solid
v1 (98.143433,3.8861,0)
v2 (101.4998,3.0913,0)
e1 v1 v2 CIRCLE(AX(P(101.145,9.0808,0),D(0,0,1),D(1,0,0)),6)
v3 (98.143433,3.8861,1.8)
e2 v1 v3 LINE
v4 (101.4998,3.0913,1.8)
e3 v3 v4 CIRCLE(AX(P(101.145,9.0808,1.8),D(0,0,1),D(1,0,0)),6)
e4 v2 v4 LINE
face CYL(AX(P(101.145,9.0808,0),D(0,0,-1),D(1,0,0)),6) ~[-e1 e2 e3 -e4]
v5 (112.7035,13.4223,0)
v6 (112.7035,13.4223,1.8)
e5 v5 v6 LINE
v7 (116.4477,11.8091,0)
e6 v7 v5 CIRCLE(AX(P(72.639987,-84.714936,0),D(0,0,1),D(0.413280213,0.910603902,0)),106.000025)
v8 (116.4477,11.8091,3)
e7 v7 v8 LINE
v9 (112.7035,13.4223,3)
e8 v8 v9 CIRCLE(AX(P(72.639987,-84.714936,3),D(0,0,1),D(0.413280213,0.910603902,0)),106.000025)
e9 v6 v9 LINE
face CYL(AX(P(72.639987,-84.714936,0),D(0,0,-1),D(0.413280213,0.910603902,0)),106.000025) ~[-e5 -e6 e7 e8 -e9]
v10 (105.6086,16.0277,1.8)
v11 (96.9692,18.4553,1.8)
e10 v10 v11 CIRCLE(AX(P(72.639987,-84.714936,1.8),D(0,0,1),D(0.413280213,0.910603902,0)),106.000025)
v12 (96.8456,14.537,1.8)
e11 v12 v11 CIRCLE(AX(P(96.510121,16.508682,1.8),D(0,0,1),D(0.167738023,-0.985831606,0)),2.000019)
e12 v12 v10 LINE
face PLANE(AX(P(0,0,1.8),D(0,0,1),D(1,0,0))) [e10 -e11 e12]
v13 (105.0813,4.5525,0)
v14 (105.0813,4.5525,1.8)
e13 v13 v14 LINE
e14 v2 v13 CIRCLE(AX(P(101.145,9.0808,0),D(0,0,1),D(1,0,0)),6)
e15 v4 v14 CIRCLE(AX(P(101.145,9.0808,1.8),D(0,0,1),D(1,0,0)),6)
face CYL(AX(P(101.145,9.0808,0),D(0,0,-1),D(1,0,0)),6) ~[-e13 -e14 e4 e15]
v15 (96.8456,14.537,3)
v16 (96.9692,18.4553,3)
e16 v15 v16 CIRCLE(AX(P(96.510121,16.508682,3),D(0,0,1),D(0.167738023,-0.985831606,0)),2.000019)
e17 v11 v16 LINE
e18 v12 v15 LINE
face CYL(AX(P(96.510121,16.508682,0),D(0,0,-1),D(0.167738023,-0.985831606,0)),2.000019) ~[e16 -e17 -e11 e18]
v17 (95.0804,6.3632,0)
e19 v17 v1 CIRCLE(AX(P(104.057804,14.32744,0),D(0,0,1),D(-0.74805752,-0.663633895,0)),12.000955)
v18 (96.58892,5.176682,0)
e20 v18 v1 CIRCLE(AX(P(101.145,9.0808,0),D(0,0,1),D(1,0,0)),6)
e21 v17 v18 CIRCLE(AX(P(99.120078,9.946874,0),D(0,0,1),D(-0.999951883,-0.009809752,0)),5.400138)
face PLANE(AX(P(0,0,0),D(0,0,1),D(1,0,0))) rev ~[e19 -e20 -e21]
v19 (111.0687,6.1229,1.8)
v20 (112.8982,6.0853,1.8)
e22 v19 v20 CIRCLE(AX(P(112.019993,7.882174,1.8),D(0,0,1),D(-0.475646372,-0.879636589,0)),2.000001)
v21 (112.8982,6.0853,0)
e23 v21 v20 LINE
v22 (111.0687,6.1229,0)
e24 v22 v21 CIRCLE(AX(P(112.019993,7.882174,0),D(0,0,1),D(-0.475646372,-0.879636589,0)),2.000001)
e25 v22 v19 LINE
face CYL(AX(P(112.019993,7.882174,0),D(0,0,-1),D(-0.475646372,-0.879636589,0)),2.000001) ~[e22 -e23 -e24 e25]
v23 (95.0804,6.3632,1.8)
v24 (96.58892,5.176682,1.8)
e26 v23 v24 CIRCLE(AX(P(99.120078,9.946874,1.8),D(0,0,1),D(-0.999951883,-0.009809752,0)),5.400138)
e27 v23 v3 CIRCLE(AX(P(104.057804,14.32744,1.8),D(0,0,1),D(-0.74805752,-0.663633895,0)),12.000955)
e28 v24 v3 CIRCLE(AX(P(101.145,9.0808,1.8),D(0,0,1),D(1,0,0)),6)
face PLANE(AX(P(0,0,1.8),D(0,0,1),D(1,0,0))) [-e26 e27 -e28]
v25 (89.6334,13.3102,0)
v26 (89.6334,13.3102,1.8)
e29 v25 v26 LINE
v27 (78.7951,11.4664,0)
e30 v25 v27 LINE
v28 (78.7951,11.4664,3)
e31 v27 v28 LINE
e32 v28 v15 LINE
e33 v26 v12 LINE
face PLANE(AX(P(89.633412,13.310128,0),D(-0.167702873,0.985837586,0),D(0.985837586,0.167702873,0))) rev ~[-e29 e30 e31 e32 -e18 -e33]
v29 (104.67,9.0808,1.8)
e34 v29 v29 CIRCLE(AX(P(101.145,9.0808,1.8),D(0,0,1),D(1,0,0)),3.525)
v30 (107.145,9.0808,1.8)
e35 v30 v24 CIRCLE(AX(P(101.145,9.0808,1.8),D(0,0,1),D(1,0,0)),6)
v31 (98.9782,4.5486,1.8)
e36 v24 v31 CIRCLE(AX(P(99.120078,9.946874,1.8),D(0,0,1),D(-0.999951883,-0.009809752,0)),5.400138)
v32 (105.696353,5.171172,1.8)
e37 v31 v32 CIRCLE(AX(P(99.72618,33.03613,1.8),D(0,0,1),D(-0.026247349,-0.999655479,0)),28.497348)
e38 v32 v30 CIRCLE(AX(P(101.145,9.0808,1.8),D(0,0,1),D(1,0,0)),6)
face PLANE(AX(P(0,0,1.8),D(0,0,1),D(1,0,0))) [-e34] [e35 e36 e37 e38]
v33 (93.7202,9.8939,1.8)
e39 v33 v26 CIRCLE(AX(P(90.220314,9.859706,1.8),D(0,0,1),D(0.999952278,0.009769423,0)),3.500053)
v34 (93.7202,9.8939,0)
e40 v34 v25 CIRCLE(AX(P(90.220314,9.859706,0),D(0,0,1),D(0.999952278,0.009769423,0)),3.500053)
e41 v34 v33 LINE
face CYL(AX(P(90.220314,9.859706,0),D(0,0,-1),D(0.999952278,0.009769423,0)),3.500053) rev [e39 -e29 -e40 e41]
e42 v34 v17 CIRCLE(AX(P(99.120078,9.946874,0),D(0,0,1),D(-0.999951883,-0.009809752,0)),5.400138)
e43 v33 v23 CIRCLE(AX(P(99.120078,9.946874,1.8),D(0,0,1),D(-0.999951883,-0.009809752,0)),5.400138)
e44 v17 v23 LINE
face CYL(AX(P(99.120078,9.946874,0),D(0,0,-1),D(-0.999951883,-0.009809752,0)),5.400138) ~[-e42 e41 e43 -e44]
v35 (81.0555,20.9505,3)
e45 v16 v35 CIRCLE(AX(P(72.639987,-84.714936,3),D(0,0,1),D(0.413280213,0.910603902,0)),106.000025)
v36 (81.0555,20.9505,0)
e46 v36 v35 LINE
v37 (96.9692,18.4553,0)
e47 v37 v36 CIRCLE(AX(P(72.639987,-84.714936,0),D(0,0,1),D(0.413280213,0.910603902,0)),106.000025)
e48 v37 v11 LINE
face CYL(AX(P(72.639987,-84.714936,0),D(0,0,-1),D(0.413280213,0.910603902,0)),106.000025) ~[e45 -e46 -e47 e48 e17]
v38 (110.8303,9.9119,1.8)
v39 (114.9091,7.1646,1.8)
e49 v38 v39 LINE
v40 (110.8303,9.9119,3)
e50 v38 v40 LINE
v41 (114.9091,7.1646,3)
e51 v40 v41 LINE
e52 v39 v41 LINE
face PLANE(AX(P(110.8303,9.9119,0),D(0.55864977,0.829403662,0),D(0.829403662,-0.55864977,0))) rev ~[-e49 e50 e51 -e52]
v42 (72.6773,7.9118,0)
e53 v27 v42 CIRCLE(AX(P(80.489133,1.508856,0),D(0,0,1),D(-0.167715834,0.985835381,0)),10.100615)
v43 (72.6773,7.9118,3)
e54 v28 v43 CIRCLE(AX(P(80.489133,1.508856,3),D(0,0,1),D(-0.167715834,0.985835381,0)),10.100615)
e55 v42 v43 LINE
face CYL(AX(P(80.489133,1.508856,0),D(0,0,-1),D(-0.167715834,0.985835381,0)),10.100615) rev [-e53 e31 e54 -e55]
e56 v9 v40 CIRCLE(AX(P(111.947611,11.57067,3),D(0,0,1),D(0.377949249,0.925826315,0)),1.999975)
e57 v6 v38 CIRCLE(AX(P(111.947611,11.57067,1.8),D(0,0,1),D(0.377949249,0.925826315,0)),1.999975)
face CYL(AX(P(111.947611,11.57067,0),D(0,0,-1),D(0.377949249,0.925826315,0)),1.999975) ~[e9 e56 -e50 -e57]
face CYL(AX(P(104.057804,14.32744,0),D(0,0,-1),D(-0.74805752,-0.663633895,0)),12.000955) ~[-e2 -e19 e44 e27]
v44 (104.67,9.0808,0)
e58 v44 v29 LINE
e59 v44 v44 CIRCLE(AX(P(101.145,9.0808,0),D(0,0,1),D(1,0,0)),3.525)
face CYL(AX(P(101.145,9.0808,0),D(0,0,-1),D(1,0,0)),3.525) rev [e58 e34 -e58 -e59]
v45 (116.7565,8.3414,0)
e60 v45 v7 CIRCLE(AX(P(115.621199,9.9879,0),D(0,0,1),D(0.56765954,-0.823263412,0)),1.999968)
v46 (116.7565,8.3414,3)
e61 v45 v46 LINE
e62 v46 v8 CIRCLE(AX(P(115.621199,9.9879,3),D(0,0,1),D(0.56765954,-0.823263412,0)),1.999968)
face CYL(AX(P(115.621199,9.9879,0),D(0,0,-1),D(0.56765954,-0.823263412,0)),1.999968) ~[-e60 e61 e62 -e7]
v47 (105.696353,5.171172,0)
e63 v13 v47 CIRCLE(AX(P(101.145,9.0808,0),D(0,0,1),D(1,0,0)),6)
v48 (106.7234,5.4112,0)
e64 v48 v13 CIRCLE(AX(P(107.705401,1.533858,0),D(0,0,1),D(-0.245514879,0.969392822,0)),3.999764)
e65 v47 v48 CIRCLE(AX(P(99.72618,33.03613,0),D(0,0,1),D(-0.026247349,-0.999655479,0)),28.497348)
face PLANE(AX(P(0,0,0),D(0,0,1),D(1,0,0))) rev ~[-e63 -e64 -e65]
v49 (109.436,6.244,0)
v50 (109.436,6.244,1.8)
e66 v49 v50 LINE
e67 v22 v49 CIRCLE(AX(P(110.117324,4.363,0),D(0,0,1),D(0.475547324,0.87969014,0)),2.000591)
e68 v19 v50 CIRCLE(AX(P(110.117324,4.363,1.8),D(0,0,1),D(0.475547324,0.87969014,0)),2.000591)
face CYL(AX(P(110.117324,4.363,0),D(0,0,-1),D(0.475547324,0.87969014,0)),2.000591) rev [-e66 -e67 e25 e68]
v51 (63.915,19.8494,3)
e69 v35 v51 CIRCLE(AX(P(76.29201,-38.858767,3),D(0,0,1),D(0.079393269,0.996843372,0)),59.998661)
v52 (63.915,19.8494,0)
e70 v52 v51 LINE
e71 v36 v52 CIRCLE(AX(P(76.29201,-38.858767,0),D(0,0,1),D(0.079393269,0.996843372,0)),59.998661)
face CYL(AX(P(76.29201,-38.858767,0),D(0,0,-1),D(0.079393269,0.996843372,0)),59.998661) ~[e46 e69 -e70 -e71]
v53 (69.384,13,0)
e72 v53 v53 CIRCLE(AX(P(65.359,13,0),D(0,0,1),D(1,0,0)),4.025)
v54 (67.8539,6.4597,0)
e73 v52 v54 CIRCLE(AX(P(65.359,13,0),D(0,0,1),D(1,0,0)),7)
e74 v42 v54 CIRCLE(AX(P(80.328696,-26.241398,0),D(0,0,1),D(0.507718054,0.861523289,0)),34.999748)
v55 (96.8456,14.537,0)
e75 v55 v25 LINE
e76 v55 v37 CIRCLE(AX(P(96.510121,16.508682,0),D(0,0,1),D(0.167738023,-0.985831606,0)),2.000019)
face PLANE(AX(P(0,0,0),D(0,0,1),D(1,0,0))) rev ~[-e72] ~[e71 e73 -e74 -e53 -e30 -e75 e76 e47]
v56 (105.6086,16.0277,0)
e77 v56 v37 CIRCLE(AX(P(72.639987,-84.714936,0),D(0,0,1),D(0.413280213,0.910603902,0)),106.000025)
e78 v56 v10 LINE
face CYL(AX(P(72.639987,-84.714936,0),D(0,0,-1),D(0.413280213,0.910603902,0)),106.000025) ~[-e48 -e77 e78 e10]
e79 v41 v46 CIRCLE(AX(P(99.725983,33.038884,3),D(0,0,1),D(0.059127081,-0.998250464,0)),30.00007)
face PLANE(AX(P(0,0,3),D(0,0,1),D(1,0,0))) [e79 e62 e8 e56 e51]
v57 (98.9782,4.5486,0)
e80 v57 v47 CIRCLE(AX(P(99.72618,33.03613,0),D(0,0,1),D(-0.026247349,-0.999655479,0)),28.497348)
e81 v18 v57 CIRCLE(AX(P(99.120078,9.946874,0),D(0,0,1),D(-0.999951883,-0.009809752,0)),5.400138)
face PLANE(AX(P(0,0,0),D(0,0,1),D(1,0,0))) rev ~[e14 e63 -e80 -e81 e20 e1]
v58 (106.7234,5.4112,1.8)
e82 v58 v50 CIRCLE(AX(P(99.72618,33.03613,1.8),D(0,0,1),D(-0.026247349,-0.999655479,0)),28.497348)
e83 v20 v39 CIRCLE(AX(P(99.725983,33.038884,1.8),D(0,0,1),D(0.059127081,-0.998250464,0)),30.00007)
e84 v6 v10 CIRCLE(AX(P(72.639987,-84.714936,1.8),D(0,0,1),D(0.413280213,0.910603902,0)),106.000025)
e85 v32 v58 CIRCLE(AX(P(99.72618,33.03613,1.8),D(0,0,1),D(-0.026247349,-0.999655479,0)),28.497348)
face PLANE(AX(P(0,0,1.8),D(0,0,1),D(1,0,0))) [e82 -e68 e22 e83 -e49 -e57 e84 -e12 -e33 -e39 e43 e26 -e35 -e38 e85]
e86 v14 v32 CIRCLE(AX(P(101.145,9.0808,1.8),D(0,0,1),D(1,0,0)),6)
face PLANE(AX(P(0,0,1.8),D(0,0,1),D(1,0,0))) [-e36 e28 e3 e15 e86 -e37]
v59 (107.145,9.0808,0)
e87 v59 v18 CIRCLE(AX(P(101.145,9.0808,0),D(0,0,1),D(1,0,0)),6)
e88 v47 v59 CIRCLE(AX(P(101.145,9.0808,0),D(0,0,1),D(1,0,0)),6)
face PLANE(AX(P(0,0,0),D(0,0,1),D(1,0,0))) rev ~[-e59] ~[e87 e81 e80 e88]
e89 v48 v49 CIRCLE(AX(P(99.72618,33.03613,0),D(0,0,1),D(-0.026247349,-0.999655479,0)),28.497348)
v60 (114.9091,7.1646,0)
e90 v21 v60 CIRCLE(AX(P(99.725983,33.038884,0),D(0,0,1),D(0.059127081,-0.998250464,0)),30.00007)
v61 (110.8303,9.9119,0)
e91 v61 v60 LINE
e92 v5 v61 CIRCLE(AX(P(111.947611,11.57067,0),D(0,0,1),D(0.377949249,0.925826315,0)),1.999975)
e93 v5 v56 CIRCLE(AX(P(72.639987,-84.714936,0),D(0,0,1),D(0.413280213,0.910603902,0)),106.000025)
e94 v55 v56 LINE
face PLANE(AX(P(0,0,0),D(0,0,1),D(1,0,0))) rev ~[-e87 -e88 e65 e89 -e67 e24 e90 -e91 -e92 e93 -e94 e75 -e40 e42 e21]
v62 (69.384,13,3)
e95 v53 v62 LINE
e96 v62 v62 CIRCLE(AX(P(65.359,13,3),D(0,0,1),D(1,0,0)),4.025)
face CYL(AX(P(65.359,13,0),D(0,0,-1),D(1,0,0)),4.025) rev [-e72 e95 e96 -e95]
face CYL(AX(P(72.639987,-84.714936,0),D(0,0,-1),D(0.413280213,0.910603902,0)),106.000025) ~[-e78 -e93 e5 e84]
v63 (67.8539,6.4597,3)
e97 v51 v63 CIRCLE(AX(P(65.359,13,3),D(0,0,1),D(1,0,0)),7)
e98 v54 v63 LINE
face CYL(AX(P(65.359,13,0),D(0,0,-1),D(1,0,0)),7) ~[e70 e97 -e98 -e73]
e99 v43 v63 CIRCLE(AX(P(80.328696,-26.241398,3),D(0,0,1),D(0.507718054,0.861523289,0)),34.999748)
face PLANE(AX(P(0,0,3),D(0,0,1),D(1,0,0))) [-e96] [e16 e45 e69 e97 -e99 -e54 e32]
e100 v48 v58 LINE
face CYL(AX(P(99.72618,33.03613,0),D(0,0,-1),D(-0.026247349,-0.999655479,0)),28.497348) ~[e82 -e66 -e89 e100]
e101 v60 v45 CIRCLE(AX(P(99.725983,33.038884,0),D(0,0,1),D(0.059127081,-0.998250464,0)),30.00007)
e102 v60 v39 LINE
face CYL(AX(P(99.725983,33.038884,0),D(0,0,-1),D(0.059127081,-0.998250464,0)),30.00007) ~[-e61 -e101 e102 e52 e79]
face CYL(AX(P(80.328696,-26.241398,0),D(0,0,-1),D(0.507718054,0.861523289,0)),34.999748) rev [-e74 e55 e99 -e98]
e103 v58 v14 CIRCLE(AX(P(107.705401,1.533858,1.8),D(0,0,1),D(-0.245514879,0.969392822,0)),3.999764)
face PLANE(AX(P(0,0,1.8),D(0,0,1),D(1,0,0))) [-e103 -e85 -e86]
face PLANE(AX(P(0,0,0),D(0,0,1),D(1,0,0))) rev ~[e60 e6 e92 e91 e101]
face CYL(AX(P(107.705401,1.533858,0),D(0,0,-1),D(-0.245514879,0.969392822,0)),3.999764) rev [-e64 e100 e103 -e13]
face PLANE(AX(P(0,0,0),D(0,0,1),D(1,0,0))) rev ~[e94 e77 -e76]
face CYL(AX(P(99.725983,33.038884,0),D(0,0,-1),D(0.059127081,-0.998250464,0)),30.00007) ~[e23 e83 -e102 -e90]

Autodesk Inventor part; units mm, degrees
ref_plane "YZ Plane" through (0, 0, 0) normal (1, 0, 0) x (0, 1, 0)
ref_plane "XZ Plane" through (0, 0, 0) normal (0, 1, 0) x (-1, 0, 0)
ref_plane "XY Plane" through (0, 0, 0) normal (0, 0, 1) x (1, 0, 0)
sketch "Sketch1" plane through (0, 0, 0) normal (0, 0, 1) x (1, 0, 0)
  line L0 (65.359, 13) -> (101.145, 9.0808) construction
  circle A0 centre (65.359, 13) radius 3 construction
  circle A1 centre (65.359, 13) radius 4.025
  circle A2 centre (65.359, 13) radius 7
  arc A3 (103.9065, 14.4076) -> (101.5853, 15.5481) centre (76.292, -38.8601) ccw construction
  arc A4 (98.0987, 3.9117) -> (67.8539, 6.4597) centre (80.3286, -26.2417) ccw
  circle A5 centre (101.145, 9.0808) radius 2.5 construction
  circle A6 centre (101.145, 9.0808) radius 3.525
  circle A7 centre (101.145, 9.0808) radius 6
  line L1 (101.145, 9.0808) -> (116.8532, -6.3223) construction
  circle A8 centre (116.8532, -6.3223) radius 10 construction
  circle A9 centre (116.8532, -6.3223) radius 7.025 construction
  line L2 (104.4969, 14.0572) -> (122.4397, 1.9718) construction
  line L3 (96.2353, 5.6319) -> (108.6703, -12.0703) construction
  line L4 (121.8748, 2.4728) -> (123.0794, 1.6615) construction
  arc A10 (101.4998, 3.0913) -> (116.7565, 8.3414) centre (99.726, 33.0388) ccw
  arc A11 (116.4477, 11.8091) -> (81.0555, 20.9505) centre (72.64, -84.7149) ccw
  arc A12 (116.7565, 8.3414) -> (116.4477, 11.8091) centre (115.6212, 9.9879) ccw
  line L5 (65.359, 13) -> (100, 0) construction
  arc A13 (112.7035, 13.4223) -> (110.8303, 9.9119) centre (111.9476, 11.5707) ccw
  line L6 (101.145, 9.0808) -> (80.4889, 1.5095) construction
  circle A14 centre (80.4889, 1.5095) radius 7.025 construction
  circle A15 centre (80.4889, 1.5095) radius 10 construction
  line L7 (110.8303, 9.9119) -> (114.9091, 7.1646)
  arc A16 (81.0555, 20.9505) -> (63.915, 19.8494) centre (76.292, -38.8601) ccw
  arc A17 (101.5853, 15.5481) -> (81.0555, 20.9505) centre (76.292, -38.8601) ccw construction
  line L8 (78.8119, 11.3678) -> (100.1388, 14.9958) construction
  line L9 (78.7951, 11.4664) -> (105.6086, 16.0277)
  arc A18 (78.7951, 11.4664) -> (72.6773, 7.9118) centre (80.4889, 1.5095) ccw
  circle A19 centre (108.9991, 1.3793) radius 2.85 construction
  arc A20 (98.9782, 4.5486) -> (109.436, 6.244) centre (99.726, 33.0388) ccw
  arc A21 (111.0687, 6.1229) -> (109.436, 6.244) centre (110.1175, 4.3636) ccw
  line L10 (111.3917, 5.9167) -> (113.93, 4.207) construction
  arc A22 (93.7202, 9.8939) -> (89.6334, 13.3102) centre (90.2203, 9.8597) ccw
  arc A23 (111.0687, 6.1229) -> (112.8982, 6.0853) centre (112.02, 7.8822) ccw
  arc A24 (96.8456, 14.537) -> (96.9692, 18.4553) centre (96.5101, 16.5087) ccw
  arc A25 (93.7202, 9.8939) -> (98.9782, 4.5486) centre (99.1199, 9.9468) ccw
  arc A26 (106.7234, 5.4112) -> (105.0813, 4.5525) centre (107.7055, 1.5336) ccw
  arc A27 (95.0804, 6.3632) -> (98.2329, 3.8349) centre (104.0571, 14.3267) ccw
  point P0 (0, 0)
  point P1 (104.5045, 16.3824)
  point P2 (75.0442, 8.3571)
  point P3 (105.6964, 5.1712)
  point P4 (95.4674, 18.798)
  point P5 (96.589, 5.1766)
  point P6 (97.8471, 4.0585)
  dimension "d10" = 12
  dimension "d57" = 20
  dimension "d1" = 8.05
  dimension "d2" = 6
  dimension "d3" = 14
  dimension "d4" = 60
  dimension "d5" = 35
  dimension "d8" = 22
  dimension "d11" = 7.05
  dimension "d12" = 20
  dimension "d13" = 14.05
  dimension "d15" = 0.1
  dimension "d16" = 30
  dimension "d17" = 5
  dimension "d18" = 2
  dimension "d19" = 106
  dimension "d21" = 121
  dimension "d46" = 13
  dimension "d47" = 37
  dimension "d48" = 18
  dimension "d50" = 0
  dimension "d51" = 100
  dimension "d53" = 2
  dimension "d54" = 4
  dimension "d55" = 22
  dimension "d56" = 14.05
  dimension "d65" = 14.32
  dimension "d68" = 26.38
  dimension "d69" = 0.1
  dimension "d70" = 0.1
  dimension "d72" = 36
  dimension "d77" = 5.7
  dimension "d78" = 2
  dimension "d79" = 3
  dimension "d86" = 1.5
  dimension "d87" = 2
  dimension "d88" = 2
  dimension "d90" = 5.4
  dimension "d91" = 3.5
  dimension "d92" = 4
  dimension "d93" = 12
extrude "Extrusion7" add sketch "Sketch1" along normal blind 3 contours A2 | A2 A16 A11 A24 L9 A18 A4 | A11 A12 A10 L7 A13
extrude "Extrusion8" add sketch "Sketch1" along normal blind 1.8 contours A11 L9 A24 | A7 A25 A20 | A27 A25 A7 | A11 A13 L7 A10 A23 A21 A20 A7 A25 A22 L9 | A7 A20 A25 | A7 A20 A26
sketch "Sketch4" plane through (0, 0, 3) normal (0, 0, 1) x (1, 0, 0)
  arc A0 (96.8456, 14.537) -> (96.9692, 18.4553) centre (96.5101, 16.5087) ccw projected
  circle A1 centre (65.359, 13) radius 4.025 projected
  arc A2 (112.7035, 13.4223) -> (96.9692, 18.4553) centre (72.64, -84.7149) ccw construction
  arc A3 (96.8456, 14.537) -> (96.9692, 18.4553) centre (96.5101, 16.5087) ccw projected
  line L0 (89.6334, 13.3102) -> (96.8456, 14.537) projected
  arc A4 (93.7202, 9.8939) -> (89.6334, 13.3102) centre (90.2203, 9.8597) ccw construction
  arc A5 (93.7202, 9.8939) -> (95.0804, 6.3632) centre (99.1199, 9.9468) ccw construction
  arc A6 (95.0804, 6.3632) -> (97.8471, 4.0585) centre (104.0571, 14.3267) ccw construction
  arc A7 (98.0987, 3.9117) -> (97.8471, 4.0585) centre (80.3286, -26.2417) ccw construction
  arc A8 (98.0987, 3.9117) -> (105.0813, 4.5525) centre (101.145, 9.0808) ccw construction
  arc A9 (106.7234, 5.4112) -> (105.0813, 4.5525) centre (107.7055, 1.5336) ccw construction
  arc A10 (106.7234, 5.4112) -> (109.436, 6.244) centre (99.726, 33.0388) ccw construction
  arc A11 (111.0687, 6.1229) -> (109.436, 6.244) centre (110.1175, 4.3636) ccw construction
  arc A12 (111.0687, 6.1229) -> (112.8982, 6.0853) centre (112.02, 7.8822) ccw construction
  arc A13 (112.8982, 6.0853) -> (114.9091, 7.1646) centre (99.726, 33.0388) ccw construction
  line L1 (110.8303, 9.9119) -> (114.9091, 7.1646) projected
  arc A14 (112.7035, 13.4223) -> (110.8303, 9.9119) centre (111.9476, 11.5707) ccw projected
  circle A15 centre (101.145, 9.0808) radius 3.525 projected
  arc A16 (112.7035, 13.4223) -> (110.8303, 9.9119) centre (111.9476, 11.5707) ccw projected
  line L2 (110.8303, 9.9119) -> (114.9091, 7.1646) projected
  line L3 (110.8303, 9.9119) -> (114.9091, 7.1646) projected
  arc A17 (89.6334, 13.3102) -> (88.9291, 11.8348) centre (89.8011, 12.3243) ccw
  arc A18 (88.9291, 11.8348) -> (114.8991, 5.4992) centre (104.8698, 20.7826) ccw
  arc A19 (114.8991, 5.4992) -> (114.9091, 7.1646) centre (114.3504, 6.3352) ccw
  arc A20 (112.7035, 13.4223) -> (96.9692, 18.4553) centre (72.64, -84.7149) ccw projected
  arc A21 (97.5034, 20.3811) -> (96.9692, 18.4553) centre (97.1987, 19.4286) ccw
  arc A22 (112.7035, 13.4223) -> (113.3862, 15.3006) centre (113.0815, 14.3482) ccw
  line L4 (97.5034, 20.3811) -> (113.3862, 15.3006)
  arc A23 (112.7035, 13.4223) -> (110.8303, 9.9119) centre (111.9476, 11.5707) ccw projected
  arc A24 (96.8456, 14.537) -> (96.9692, 18.4553) centre (96.5101, 16.5087) ccw projected
  arc A25 (93.7202, 9.8939) -> (89.6334, 13.3102) centre (90.2203, 9.8597) ccw projected
  line L5 (89.6334, 13.3102) -> (96.8456, 14.537)
  line L6 (89.6334, 13.3102) -> (96.8456, 14.537)
  circle A26 centre (65.359, 13) radius 4.025 projected
  circle A27 centre (101.145, 9.0808) radius 3.525 projected
  arc A28 (116.4477, 11.8091) -> (81.0555, 20.9505) centre (72.64, -84.7149) ccw projected
  arc A29 (116.7565, 8.3414) -> (116.4477, 11.8091) centre (115.6212, 9.9879) ccw projected
  arc A30 (112.8982, 6.0853) -> (116.7565, 8.3414) centre (99.726, 33.0388) ccw projected
  arc A31 (111.0687, 6.1229) -> (112.8982, 6.0853) centre (112.02, 7.8822) ccw projected
  arc A32 (111.0687, 6.1229) -> (109.436, 6.244) centre (110.1175, 4.3636) ccw projected
  arc A33 (106.7234, 5.4112) -> (109.436, 6.244) centre (99.726, 33.0388) ccw projected
  arc A34 (106.7234, 5.4112) -> (105.0813, 4.5525) centre (107.7055, 1.5336) ccw projected
  arc A35 (98.0987, 3.9117) -> (105.0813, 4.5525) centre (101.145, 9.0808) ccw projected
  arc A36 (98.0987, 3.9117) -> (97.8471, 4.0585) centre (80.3286, -26.2417) ccw projected
  arc A37 (95.0804, 6.3632) -> (97.8471, 4.0585) centre (104.0571, 14.3267) ccw projected
  arc A38 (93.7202, 9.8939) -> (95.0804, 6.3632) centre (99.1199, 9.9468) ccw projected
  arc A39 (93.7202, 9.8939) -> (89.6334, 13.3102) centre (90.2203, 9.8597) ccw projected
  line L7 (78.7951, 11.4664) -> (89.6334, 13.3102) projected
  arc A40 (78.7951, 11.4664) -> (72.6773, 7.9118) centre (80.4889, 1.5095) ccw projected
  arc A41 (72.6773, 7.9118) -> (67.8539, 6.4597) centre (80.3286, -26.2417) ccw projected
  arc A42 (63.915, 19.8494) -> (67.8539, 6.4597) centre (65.359, 13) ccw projected
  arc A43 (81.0555, 20.9505) -> (63.915, 19.8494) centre (76.292, -38.8601) ccw projected
  point P0 (0, 0)
  dimension "d94" = 1
  dimension "d95" = 1
  dimension "d96" = 1
  dimension "d97" = 1
properties part number "揺動節" material "アルミニウム 7075"
